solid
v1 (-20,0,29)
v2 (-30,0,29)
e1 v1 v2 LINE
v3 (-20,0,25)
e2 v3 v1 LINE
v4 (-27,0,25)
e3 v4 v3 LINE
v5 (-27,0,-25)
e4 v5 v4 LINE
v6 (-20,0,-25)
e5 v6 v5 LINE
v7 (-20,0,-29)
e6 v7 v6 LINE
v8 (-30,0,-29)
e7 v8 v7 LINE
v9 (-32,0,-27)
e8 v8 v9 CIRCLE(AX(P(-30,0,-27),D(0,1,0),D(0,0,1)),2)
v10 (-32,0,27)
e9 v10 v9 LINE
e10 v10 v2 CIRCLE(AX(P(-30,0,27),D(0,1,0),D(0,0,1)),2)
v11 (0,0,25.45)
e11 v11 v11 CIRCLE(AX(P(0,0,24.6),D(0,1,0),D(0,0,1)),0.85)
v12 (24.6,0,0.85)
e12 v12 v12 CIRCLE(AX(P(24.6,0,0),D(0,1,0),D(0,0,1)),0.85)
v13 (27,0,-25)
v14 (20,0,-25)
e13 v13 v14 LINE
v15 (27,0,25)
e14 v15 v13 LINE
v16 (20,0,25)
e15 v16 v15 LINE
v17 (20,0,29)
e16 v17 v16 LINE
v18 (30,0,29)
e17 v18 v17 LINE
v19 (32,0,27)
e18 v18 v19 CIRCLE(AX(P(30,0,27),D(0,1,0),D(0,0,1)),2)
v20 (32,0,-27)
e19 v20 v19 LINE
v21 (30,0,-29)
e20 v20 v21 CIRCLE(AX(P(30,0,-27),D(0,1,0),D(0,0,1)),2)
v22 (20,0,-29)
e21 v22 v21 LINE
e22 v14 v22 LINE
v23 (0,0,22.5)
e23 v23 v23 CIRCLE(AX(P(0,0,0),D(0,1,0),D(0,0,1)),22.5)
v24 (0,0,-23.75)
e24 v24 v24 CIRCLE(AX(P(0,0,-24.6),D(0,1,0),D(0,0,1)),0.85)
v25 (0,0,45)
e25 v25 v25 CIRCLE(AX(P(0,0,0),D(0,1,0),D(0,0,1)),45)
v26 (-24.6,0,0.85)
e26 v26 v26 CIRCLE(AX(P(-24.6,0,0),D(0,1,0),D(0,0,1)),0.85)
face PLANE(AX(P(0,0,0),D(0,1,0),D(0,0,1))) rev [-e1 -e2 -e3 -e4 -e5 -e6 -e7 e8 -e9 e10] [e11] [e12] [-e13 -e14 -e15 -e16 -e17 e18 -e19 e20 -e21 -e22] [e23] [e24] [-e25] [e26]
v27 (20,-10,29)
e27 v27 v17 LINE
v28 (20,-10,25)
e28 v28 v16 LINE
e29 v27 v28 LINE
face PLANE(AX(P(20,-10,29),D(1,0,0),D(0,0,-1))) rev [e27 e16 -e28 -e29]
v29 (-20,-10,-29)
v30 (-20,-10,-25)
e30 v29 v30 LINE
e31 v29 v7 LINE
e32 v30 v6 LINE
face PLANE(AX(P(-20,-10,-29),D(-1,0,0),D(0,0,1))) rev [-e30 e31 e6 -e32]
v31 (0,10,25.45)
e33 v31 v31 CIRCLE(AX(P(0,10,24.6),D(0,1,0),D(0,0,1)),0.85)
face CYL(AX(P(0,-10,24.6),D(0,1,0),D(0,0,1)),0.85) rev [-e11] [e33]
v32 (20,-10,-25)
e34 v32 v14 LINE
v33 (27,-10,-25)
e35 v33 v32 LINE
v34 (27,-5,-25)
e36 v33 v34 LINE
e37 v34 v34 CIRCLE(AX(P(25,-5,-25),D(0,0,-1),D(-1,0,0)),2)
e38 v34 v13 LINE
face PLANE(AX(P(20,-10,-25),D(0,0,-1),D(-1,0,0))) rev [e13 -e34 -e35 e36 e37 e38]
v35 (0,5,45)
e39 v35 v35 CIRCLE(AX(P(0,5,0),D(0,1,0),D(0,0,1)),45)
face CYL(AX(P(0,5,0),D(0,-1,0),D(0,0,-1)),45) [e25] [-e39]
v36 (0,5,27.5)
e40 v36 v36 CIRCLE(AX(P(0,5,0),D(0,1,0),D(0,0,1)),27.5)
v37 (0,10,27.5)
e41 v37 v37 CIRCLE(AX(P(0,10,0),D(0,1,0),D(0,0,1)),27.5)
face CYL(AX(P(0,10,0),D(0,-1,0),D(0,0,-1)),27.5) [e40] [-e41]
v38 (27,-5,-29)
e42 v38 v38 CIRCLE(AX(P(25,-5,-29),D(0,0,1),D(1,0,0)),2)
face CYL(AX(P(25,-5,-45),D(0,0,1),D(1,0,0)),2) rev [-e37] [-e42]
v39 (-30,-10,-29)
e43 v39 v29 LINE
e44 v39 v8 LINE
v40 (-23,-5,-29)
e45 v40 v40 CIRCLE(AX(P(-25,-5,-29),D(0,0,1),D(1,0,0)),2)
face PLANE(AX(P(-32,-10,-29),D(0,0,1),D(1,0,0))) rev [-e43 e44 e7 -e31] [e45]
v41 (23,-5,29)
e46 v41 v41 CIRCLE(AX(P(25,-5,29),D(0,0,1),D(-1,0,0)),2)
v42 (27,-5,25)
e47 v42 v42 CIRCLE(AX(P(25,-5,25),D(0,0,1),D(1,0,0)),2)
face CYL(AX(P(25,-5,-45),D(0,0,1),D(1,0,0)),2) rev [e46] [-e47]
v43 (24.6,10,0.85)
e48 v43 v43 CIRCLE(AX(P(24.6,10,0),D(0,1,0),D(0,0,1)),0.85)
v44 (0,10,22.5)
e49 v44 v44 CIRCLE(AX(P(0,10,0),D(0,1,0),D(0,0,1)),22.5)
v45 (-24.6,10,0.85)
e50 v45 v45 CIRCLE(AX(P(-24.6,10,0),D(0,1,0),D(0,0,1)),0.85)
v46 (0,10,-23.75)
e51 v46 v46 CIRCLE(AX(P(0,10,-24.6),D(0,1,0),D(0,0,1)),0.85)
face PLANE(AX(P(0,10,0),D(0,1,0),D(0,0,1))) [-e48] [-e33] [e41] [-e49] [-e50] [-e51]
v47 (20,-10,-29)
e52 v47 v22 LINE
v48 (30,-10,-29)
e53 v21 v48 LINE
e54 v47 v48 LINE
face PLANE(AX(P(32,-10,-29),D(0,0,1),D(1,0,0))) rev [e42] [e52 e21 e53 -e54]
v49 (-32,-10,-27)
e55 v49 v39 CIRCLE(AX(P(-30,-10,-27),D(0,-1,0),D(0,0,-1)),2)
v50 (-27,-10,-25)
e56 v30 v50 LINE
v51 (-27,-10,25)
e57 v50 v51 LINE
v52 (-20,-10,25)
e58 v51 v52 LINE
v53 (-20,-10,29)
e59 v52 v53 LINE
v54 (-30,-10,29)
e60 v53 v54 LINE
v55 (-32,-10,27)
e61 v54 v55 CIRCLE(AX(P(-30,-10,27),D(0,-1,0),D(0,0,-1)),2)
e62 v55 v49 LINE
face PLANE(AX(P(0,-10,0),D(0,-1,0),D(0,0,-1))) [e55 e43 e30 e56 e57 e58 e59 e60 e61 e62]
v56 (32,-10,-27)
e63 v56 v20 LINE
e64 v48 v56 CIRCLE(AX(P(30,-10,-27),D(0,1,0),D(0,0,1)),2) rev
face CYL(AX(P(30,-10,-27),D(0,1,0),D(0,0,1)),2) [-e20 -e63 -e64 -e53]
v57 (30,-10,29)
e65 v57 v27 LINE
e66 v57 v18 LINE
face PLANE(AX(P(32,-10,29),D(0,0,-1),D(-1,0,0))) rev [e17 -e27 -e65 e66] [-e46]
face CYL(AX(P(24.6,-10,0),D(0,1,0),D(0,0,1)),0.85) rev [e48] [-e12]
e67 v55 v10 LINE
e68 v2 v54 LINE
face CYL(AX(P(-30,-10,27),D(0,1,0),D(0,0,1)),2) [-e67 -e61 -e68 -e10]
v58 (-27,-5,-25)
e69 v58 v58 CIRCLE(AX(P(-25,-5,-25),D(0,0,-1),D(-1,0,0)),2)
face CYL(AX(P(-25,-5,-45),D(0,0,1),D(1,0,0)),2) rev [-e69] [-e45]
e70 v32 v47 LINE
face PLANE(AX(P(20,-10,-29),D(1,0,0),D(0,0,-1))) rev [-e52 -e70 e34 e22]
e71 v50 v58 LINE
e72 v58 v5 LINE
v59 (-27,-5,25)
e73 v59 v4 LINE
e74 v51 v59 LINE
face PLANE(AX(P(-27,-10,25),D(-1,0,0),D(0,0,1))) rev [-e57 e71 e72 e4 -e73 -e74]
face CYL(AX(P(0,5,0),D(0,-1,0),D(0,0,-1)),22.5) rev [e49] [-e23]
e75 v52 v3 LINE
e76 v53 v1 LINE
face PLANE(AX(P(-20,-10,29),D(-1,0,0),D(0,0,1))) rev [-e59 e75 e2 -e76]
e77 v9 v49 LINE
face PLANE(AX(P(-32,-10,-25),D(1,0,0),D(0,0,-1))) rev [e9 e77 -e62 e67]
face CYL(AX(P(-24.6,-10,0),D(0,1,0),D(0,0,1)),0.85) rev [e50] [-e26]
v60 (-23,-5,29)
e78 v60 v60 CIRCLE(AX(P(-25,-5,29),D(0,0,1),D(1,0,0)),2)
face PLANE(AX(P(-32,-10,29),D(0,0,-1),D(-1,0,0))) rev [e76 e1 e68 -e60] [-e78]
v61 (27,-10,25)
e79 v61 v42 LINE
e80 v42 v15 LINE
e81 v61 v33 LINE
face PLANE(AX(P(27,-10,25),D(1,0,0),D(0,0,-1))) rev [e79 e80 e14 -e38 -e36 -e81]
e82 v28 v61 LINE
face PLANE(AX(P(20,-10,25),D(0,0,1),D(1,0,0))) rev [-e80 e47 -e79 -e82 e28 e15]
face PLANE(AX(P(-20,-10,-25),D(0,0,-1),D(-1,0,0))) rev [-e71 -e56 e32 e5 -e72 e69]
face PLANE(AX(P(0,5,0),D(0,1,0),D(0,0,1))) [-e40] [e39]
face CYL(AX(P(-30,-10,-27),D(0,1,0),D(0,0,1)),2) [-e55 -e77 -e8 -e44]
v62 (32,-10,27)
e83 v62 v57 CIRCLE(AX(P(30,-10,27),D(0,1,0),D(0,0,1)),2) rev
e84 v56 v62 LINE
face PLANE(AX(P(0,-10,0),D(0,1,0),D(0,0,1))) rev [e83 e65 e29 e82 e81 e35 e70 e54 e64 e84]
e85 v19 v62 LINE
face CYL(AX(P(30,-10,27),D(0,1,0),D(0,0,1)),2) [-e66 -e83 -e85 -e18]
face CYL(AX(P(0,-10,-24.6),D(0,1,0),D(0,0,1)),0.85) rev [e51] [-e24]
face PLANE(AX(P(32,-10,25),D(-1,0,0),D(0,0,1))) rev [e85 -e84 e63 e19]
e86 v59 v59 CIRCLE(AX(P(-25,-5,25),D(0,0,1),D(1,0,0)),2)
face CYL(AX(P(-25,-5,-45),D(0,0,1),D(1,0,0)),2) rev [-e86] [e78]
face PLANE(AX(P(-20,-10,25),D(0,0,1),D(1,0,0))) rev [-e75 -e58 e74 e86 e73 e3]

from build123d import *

# Parameters (mm, degrees)
SKETCH_2_R          = 45
SKETCH_2_R_2        = 22.5
EXTRUDE_1_DEPTH     = 5
EXTRUDE_2_DEPTH     = 10
FILLET_1_R          = 2
SKETCH_4_R          = 2
CUT_EXTRUDE_1_DEPTH = 88.183714076
SKETCH_5_R          = 27.5
SKETCH_5_R_2        = 22.5
EXTRUDE_3_DEPTH     = 5
SKETCH_6_R          = 0.85
CUT_EXTRUDE_2_DEPTH = 67.708320321


with BuildPart() as part:
    # 草图2 → 凸台-拉伸1 (new body)
    with BuildSketch(Plane(origin=(0, 0, 0), x_dir=(1, 0, 0), z_dir=(0, 1, 0))):
        with Locations(Location((0, 0, 0), (0, 0, 270))):
            Circle(SKETCH_2_R)
        with Locations(Location((0, 0, 0), (0, 0, 270))):
            Circle(SKETCH_2_R_2, mode=Mode.SUBTRACT)
    extrude(amount=EXTRUDE_1_DEPTH)

    # 草图3 → 凸台-拉伸2 (add)
    with BuildSketch(Plane.XZ):
        Polygon((-27, 25), (-27, -25), (-20, -25), (-20, -29), (-32, -29), (-32, -25), (-32, 25), (-32, 29), (-20, 29), (-20, 25), align=None)
        Polygon((20, -29), (20, -25), (27, -25), (27, 25), (20, 25), (20, 29), (32, 29), (32, 25), (32, -25), (32, -29), align=None)
    extrude(amount=EXTRUDE_2_DEPTH)

    # 圆角1
    fillet_1_edges = [part.edges().sort_by_distance(p)[0] for p in [
        (-32, -5, 29),
        (-32, -5, -29),
        (32, -5, -29),
        (32, -5, 29),
    ]]
    fillet(fillet_1_edges, radius=FILLET_1_R)

    # 草图4 → 切除-拉伸1 (cut, through all)
    with BuildSketch(Plane.XY.offset(29)):
        with Locations((-25, -5)):
            Circle(SKETCH_4_R)
        with Locations((25, -5)):
            Circle(SKETCH_4_R)
    extrude(amount=-CUT_EXTRUDE_1_DEPTH, mode=Mode.SUBTRACT)

    # 草图5 → 凸台-拉伸3 (add)
    with BuildSketch(Plane(origin=(0, 5, 0), x_dir=(1, 0, 0), z_dir=(0, 1, 0))):
        with Locations(Location((0, 0, 0), (0, 0, 270))):
            Circle(SKETCH_5_R)
        with Locations(Location((0, 0, 0), (0, 0, 270))):
            Circle(SKETCH_5_R_2, mode=Mode.SUBTRACT)
    extrude(amount=EXTRUDE_3_DEPTH)

    # 草图6 → 切除-拉伸2 (cut, through all)
    with BuildSketch(Plane(origin=(0, 10, 0), x_dir=(1, 0, 0), z_dir=(0, 1, 0))):
        with Locations(Location((0, 24.6, 0), (0, 0, 270))):
            Circle(SKETCH_6_R)
        with Locations(Location((24.6, 0, 0), (0, 0, 270))):
            Circle(SKETCH_6_R)
        with Locations(Location((0, -24.6, 0), (0, 0, 270))):
            Circle(SKETCH_6_R)
        with Locations(Location((-24.6, 0, 0), (0, 0, 270))):
            Circle(SKETCH_6_R)
    extrude(amount=-CUT_EXTRUDE_2_DEPTH, mode=Mode.SUBTRACT)


solid = part.part
